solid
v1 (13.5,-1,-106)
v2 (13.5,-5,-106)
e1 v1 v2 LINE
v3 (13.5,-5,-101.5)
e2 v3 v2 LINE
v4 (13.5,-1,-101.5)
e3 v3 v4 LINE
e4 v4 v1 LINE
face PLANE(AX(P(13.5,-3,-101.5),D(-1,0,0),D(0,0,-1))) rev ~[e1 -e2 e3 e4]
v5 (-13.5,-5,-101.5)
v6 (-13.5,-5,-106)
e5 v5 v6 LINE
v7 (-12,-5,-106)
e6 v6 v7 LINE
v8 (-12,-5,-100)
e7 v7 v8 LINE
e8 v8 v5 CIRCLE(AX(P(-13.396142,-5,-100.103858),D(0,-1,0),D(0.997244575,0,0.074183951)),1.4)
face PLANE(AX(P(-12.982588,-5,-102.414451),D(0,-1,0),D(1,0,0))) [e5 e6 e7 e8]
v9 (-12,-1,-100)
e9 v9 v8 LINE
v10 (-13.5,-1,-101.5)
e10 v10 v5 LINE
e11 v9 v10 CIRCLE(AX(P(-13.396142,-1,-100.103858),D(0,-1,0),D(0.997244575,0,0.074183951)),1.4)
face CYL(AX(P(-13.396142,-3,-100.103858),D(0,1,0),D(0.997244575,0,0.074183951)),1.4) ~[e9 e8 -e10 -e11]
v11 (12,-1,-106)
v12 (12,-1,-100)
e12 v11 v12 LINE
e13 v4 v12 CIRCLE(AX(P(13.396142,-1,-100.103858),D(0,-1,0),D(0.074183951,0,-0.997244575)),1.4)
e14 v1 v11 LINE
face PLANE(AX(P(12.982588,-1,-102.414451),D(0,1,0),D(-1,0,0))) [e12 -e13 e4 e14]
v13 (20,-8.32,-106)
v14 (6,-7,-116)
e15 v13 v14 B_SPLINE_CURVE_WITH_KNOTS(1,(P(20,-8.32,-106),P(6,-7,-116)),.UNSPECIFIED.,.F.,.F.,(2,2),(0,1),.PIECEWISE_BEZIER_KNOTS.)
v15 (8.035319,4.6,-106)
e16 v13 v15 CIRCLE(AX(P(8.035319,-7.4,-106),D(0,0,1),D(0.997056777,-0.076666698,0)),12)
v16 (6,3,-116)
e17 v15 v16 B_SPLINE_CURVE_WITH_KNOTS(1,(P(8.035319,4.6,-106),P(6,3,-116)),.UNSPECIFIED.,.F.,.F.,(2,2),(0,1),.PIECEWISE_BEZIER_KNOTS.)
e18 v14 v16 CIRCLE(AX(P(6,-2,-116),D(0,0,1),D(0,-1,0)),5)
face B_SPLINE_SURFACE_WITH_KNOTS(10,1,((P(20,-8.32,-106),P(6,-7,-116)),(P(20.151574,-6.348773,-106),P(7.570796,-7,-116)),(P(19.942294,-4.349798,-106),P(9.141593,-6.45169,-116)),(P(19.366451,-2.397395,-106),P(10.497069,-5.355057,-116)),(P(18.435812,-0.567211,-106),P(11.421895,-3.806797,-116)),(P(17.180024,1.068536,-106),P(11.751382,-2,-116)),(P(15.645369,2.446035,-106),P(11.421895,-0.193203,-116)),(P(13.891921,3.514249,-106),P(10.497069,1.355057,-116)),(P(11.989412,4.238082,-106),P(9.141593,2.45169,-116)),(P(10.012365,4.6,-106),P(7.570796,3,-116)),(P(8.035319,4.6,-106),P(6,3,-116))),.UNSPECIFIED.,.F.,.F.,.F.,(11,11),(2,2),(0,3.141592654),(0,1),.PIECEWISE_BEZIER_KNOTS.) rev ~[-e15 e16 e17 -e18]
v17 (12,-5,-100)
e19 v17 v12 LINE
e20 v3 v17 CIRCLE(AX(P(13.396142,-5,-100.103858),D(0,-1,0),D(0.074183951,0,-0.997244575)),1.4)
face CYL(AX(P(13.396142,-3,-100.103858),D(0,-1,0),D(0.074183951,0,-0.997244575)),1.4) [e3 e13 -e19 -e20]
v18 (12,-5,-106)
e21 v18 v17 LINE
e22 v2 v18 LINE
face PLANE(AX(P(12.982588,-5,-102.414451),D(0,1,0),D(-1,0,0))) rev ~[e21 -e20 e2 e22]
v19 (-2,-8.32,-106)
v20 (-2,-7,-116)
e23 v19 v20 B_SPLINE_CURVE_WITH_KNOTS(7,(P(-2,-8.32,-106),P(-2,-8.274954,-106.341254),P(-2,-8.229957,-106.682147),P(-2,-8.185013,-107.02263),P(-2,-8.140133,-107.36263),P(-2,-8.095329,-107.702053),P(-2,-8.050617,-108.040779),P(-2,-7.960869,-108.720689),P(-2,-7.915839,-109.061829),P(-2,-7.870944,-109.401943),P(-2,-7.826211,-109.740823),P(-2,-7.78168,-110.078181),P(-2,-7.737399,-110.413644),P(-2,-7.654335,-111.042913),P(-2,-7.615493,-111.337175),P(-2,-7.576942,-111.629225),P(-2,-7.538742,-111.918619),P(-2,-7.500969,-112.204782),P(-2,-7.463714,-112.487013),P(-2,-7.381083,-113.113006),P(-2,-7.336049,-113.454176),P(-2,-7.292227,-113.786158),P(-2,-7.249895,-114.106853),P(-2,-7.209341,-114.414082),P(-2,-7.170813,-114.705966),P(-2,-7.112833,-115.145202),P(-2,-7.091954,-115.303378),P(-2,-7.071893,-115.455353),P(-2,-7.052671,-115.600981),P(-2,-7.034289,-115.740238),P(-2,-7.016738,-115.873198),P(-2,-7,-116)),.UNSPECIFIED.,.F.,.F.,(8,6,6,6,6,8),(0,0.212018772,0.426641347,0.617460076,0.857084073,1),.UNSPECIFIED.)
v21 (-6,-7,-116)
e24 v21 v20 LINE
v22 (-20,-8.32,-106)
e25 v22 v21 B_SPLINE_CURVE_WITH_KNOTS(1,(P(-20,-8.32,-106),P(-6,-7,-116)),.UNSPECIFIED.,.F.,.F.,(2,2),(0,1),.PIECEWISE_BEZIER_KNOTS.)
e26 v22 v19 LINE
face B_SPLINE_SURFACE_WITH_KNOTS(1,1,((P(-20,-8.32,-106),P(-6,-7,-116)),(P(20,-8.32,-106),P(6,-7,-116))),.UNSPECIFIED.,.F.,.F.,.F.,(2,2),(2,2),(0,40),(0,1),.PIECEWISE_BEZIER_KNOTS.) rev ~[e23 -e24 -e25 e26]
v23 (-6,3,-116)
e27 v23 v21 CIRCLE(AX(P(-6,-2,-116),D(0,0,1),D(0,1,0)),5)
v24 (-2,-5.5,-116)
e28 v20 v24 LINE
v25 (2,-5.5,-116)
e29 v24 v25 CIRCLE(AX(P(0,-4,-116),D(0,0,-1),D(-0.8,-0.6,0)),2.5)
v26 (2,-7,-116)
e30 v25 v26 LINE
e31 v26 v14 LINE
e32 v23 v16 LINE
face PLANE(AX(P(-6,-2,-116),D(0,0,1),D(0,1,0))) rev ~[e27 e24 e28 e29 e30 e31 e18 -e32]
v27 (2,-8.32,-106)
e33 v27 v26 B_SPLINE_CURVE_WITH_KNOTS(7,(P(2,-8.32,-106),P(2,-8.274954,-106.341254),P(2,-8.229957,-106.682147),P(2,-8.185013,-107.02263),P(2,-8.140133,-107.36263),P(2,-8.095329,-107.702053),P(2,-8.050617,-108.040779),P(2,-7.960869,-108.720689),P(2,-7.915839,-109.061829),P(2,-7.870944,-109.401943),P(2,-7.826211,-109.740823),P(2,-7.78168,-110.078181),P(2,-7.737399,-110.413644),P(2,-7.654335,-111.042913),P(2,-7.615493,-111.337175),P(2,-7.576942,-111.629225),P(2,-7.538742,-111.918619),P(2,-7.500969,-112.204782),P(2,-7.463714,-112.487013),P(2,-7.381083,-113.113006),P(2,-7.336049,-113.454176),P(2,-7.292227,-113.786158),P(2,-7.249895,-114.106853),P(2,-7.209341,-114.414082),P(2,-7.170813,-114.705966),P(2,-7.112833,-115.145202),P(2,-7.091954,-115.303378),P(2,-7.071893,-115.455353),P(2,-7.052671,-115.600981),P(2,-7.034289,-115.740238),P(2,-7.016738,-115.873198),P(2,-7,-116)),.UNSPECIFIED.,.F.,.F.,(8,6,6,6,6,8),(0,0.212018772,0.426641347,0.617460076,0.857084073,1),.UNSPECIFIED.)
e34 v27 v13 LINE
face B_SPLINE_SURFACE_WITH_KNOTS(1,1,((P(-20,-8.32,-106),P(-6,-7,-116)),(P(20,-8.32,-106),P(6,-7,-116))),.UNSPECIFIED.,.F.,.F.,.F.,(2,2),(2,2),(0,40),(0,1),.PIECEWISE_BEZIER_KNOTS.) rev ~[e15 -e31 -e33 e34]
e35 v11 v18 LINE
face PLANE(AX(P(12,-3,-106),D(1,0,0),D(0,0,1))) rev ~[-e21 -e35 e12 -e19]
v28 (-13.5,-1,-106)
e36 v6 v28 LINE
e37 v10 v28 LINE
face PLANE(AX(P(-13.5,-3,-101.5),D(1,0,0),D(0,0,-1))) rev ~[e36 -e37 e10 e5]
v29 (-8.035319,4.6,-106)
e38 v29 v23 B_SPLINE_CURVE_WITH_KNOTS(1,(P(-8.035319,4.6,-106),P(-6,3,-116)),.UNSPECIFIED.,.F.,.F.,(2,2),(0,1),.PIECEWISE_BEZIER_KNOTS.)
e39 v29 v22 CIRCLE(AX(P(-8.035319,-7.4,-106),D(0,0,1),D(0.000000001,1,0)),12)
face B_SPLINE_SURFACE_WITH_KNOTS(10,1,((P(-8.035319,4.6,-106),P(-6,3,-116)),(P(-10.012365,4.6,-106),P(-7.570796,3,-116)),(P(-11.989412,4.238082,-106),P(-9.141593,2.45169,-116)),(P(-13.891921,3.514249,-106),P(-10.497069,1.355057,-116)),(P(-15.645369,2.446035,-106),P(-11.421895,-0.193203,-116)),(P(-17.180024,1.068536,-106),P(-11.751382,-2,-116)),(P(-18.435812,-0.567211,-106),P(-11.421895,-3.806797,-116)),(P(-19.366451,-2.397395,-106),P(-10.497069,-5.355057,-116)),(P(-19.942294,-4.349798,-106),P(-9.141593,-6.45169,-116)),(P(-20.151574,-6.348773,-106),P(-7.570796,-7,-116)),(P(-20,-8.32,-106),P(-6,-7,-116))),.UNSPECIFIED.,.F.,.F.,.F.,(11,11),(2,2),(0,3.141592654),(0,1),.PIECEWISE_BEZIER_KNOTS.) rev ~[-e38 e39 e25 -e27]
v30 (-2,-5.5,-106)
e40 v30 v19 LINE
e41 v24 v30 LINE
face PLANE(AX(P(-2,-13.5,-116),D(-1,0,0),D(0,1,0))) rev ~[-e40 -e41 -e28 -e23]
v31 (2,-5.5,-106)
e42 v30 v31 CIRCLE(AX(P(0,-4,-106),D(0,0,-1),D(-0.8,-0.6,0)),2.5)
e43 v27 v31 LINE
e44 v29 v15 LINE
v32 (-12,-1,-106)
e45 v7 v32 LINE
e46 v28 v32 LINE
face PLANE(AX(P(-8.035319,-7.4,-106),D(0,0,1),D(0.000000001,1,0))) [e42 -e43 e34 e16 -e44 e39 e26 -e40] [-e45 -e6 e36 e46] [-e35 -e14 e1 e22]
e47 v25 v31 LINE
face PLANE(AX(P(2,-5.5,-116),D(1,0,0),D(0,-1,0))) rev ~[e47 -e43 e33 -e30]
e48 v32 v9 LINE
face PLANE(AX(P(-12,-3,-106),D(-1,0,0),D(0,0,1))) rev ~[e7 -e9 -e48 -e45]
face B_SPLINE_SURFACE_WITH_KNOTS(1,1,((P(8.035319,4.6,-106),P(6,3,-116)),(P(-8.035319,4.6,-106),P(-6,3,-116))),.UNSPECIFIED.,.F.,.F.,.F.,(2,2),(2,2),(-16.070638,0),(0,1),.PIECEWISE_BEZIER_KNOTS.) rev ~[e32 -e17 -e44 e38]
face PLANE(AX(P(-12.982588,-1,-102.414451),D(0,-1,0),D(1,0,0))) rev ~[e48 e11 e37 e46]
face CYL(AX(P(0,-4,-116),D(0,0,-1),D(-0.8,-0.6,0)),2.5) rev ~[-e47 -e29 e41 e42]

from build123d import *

# Parameters (mm, degrees)
PAD003_DEPTH    = 2
POCKET059_DEPTH = 14


with BuildPart() as part:
    # Sketch161 (on XY_Plane of Origin) → AdditiveLoft001 section 0
    with BuildSketch(Plane.XY):
        with BuildLine():
            ThreePointArc((-8.035319, 4.6), (-16.839863, 0.753527), (-20, -8.32))
            Line((-20, -8.32), (20, -8.32))
            ThreePointArc((20, -8.32), (16.839863, 0.753527), (8.035319, 4.6))
            Line((-8.035319, 4.6), (8.035319, 4.6))
        make_face()
    # Sketch162 (on XY_Plane of Origin) → AdditiveLoft001 section 1
    with BuildSketch(Plane.XY.offset(-10)):
        with BuildLine():
            ThreePointArc((-6, 3), (-11, -2), (-6, -7))
            Line((-6, -7), (6, -7))
            ThreePointArc((6, -7), (11, -2), (6, 3))
            Line((-6, 3), (6, 3))
        make_face()
    loft()

    # Sketch163 (on XZ_Plane of Origin) → Pad003 (new body, symmetric)
    with BuildSketch(Plane.XZ.offset(3)):
        with BuildLine():
            Line((-12, 0), (-12, 6))
            ThreePointArc((-12, 6), (-14.386092, 6.886092), (-13.5, 4.5))
            Line((-13.5, 4.5), (-13.5, 0))
            Line((-13.5, 0), (-12, 0))
        make_face()
        with BuildLine():
            Line((12, 0), (12, 6))
            ThreePointArc((13.5, 4.5), (14.386092, 6.886092), (12, 6))
            Line((13.5, 4.5), (13.5, 0))
            Line((13.5, 0), (12, 0))
        make_face()
    extrude(amount=PAD003_DEPTH, both=True)

    # Sketch164 (on Face14 of Pad003) → Pocket059 (cut)
    with BuildSketch(Plane(origin=(0, 0, -10), x_dir=(1, 0, 0), z_dir=(0, 0, -1))):
        with BuildLine():
            Line((0, 13.5), (2, 13.5))
            Line((2, 5.5), (2, 13.5))
            ThreePointArc((-2, 5.5), (0, 1.5), (2, 5.5))
            Line((-2, 13.5), (-2, 5.5))
            Line((0, 13.5), (-2, 13.5))
        make_face()
    extrude(amount=-POCKET059_DEPTH, mode=Mode.SUBTRACT)


with BuildPart() as part_1:
    # Body placement: moved
    add(part.part.moved(Location((0, 0, -106))))


solid = part_1.part
